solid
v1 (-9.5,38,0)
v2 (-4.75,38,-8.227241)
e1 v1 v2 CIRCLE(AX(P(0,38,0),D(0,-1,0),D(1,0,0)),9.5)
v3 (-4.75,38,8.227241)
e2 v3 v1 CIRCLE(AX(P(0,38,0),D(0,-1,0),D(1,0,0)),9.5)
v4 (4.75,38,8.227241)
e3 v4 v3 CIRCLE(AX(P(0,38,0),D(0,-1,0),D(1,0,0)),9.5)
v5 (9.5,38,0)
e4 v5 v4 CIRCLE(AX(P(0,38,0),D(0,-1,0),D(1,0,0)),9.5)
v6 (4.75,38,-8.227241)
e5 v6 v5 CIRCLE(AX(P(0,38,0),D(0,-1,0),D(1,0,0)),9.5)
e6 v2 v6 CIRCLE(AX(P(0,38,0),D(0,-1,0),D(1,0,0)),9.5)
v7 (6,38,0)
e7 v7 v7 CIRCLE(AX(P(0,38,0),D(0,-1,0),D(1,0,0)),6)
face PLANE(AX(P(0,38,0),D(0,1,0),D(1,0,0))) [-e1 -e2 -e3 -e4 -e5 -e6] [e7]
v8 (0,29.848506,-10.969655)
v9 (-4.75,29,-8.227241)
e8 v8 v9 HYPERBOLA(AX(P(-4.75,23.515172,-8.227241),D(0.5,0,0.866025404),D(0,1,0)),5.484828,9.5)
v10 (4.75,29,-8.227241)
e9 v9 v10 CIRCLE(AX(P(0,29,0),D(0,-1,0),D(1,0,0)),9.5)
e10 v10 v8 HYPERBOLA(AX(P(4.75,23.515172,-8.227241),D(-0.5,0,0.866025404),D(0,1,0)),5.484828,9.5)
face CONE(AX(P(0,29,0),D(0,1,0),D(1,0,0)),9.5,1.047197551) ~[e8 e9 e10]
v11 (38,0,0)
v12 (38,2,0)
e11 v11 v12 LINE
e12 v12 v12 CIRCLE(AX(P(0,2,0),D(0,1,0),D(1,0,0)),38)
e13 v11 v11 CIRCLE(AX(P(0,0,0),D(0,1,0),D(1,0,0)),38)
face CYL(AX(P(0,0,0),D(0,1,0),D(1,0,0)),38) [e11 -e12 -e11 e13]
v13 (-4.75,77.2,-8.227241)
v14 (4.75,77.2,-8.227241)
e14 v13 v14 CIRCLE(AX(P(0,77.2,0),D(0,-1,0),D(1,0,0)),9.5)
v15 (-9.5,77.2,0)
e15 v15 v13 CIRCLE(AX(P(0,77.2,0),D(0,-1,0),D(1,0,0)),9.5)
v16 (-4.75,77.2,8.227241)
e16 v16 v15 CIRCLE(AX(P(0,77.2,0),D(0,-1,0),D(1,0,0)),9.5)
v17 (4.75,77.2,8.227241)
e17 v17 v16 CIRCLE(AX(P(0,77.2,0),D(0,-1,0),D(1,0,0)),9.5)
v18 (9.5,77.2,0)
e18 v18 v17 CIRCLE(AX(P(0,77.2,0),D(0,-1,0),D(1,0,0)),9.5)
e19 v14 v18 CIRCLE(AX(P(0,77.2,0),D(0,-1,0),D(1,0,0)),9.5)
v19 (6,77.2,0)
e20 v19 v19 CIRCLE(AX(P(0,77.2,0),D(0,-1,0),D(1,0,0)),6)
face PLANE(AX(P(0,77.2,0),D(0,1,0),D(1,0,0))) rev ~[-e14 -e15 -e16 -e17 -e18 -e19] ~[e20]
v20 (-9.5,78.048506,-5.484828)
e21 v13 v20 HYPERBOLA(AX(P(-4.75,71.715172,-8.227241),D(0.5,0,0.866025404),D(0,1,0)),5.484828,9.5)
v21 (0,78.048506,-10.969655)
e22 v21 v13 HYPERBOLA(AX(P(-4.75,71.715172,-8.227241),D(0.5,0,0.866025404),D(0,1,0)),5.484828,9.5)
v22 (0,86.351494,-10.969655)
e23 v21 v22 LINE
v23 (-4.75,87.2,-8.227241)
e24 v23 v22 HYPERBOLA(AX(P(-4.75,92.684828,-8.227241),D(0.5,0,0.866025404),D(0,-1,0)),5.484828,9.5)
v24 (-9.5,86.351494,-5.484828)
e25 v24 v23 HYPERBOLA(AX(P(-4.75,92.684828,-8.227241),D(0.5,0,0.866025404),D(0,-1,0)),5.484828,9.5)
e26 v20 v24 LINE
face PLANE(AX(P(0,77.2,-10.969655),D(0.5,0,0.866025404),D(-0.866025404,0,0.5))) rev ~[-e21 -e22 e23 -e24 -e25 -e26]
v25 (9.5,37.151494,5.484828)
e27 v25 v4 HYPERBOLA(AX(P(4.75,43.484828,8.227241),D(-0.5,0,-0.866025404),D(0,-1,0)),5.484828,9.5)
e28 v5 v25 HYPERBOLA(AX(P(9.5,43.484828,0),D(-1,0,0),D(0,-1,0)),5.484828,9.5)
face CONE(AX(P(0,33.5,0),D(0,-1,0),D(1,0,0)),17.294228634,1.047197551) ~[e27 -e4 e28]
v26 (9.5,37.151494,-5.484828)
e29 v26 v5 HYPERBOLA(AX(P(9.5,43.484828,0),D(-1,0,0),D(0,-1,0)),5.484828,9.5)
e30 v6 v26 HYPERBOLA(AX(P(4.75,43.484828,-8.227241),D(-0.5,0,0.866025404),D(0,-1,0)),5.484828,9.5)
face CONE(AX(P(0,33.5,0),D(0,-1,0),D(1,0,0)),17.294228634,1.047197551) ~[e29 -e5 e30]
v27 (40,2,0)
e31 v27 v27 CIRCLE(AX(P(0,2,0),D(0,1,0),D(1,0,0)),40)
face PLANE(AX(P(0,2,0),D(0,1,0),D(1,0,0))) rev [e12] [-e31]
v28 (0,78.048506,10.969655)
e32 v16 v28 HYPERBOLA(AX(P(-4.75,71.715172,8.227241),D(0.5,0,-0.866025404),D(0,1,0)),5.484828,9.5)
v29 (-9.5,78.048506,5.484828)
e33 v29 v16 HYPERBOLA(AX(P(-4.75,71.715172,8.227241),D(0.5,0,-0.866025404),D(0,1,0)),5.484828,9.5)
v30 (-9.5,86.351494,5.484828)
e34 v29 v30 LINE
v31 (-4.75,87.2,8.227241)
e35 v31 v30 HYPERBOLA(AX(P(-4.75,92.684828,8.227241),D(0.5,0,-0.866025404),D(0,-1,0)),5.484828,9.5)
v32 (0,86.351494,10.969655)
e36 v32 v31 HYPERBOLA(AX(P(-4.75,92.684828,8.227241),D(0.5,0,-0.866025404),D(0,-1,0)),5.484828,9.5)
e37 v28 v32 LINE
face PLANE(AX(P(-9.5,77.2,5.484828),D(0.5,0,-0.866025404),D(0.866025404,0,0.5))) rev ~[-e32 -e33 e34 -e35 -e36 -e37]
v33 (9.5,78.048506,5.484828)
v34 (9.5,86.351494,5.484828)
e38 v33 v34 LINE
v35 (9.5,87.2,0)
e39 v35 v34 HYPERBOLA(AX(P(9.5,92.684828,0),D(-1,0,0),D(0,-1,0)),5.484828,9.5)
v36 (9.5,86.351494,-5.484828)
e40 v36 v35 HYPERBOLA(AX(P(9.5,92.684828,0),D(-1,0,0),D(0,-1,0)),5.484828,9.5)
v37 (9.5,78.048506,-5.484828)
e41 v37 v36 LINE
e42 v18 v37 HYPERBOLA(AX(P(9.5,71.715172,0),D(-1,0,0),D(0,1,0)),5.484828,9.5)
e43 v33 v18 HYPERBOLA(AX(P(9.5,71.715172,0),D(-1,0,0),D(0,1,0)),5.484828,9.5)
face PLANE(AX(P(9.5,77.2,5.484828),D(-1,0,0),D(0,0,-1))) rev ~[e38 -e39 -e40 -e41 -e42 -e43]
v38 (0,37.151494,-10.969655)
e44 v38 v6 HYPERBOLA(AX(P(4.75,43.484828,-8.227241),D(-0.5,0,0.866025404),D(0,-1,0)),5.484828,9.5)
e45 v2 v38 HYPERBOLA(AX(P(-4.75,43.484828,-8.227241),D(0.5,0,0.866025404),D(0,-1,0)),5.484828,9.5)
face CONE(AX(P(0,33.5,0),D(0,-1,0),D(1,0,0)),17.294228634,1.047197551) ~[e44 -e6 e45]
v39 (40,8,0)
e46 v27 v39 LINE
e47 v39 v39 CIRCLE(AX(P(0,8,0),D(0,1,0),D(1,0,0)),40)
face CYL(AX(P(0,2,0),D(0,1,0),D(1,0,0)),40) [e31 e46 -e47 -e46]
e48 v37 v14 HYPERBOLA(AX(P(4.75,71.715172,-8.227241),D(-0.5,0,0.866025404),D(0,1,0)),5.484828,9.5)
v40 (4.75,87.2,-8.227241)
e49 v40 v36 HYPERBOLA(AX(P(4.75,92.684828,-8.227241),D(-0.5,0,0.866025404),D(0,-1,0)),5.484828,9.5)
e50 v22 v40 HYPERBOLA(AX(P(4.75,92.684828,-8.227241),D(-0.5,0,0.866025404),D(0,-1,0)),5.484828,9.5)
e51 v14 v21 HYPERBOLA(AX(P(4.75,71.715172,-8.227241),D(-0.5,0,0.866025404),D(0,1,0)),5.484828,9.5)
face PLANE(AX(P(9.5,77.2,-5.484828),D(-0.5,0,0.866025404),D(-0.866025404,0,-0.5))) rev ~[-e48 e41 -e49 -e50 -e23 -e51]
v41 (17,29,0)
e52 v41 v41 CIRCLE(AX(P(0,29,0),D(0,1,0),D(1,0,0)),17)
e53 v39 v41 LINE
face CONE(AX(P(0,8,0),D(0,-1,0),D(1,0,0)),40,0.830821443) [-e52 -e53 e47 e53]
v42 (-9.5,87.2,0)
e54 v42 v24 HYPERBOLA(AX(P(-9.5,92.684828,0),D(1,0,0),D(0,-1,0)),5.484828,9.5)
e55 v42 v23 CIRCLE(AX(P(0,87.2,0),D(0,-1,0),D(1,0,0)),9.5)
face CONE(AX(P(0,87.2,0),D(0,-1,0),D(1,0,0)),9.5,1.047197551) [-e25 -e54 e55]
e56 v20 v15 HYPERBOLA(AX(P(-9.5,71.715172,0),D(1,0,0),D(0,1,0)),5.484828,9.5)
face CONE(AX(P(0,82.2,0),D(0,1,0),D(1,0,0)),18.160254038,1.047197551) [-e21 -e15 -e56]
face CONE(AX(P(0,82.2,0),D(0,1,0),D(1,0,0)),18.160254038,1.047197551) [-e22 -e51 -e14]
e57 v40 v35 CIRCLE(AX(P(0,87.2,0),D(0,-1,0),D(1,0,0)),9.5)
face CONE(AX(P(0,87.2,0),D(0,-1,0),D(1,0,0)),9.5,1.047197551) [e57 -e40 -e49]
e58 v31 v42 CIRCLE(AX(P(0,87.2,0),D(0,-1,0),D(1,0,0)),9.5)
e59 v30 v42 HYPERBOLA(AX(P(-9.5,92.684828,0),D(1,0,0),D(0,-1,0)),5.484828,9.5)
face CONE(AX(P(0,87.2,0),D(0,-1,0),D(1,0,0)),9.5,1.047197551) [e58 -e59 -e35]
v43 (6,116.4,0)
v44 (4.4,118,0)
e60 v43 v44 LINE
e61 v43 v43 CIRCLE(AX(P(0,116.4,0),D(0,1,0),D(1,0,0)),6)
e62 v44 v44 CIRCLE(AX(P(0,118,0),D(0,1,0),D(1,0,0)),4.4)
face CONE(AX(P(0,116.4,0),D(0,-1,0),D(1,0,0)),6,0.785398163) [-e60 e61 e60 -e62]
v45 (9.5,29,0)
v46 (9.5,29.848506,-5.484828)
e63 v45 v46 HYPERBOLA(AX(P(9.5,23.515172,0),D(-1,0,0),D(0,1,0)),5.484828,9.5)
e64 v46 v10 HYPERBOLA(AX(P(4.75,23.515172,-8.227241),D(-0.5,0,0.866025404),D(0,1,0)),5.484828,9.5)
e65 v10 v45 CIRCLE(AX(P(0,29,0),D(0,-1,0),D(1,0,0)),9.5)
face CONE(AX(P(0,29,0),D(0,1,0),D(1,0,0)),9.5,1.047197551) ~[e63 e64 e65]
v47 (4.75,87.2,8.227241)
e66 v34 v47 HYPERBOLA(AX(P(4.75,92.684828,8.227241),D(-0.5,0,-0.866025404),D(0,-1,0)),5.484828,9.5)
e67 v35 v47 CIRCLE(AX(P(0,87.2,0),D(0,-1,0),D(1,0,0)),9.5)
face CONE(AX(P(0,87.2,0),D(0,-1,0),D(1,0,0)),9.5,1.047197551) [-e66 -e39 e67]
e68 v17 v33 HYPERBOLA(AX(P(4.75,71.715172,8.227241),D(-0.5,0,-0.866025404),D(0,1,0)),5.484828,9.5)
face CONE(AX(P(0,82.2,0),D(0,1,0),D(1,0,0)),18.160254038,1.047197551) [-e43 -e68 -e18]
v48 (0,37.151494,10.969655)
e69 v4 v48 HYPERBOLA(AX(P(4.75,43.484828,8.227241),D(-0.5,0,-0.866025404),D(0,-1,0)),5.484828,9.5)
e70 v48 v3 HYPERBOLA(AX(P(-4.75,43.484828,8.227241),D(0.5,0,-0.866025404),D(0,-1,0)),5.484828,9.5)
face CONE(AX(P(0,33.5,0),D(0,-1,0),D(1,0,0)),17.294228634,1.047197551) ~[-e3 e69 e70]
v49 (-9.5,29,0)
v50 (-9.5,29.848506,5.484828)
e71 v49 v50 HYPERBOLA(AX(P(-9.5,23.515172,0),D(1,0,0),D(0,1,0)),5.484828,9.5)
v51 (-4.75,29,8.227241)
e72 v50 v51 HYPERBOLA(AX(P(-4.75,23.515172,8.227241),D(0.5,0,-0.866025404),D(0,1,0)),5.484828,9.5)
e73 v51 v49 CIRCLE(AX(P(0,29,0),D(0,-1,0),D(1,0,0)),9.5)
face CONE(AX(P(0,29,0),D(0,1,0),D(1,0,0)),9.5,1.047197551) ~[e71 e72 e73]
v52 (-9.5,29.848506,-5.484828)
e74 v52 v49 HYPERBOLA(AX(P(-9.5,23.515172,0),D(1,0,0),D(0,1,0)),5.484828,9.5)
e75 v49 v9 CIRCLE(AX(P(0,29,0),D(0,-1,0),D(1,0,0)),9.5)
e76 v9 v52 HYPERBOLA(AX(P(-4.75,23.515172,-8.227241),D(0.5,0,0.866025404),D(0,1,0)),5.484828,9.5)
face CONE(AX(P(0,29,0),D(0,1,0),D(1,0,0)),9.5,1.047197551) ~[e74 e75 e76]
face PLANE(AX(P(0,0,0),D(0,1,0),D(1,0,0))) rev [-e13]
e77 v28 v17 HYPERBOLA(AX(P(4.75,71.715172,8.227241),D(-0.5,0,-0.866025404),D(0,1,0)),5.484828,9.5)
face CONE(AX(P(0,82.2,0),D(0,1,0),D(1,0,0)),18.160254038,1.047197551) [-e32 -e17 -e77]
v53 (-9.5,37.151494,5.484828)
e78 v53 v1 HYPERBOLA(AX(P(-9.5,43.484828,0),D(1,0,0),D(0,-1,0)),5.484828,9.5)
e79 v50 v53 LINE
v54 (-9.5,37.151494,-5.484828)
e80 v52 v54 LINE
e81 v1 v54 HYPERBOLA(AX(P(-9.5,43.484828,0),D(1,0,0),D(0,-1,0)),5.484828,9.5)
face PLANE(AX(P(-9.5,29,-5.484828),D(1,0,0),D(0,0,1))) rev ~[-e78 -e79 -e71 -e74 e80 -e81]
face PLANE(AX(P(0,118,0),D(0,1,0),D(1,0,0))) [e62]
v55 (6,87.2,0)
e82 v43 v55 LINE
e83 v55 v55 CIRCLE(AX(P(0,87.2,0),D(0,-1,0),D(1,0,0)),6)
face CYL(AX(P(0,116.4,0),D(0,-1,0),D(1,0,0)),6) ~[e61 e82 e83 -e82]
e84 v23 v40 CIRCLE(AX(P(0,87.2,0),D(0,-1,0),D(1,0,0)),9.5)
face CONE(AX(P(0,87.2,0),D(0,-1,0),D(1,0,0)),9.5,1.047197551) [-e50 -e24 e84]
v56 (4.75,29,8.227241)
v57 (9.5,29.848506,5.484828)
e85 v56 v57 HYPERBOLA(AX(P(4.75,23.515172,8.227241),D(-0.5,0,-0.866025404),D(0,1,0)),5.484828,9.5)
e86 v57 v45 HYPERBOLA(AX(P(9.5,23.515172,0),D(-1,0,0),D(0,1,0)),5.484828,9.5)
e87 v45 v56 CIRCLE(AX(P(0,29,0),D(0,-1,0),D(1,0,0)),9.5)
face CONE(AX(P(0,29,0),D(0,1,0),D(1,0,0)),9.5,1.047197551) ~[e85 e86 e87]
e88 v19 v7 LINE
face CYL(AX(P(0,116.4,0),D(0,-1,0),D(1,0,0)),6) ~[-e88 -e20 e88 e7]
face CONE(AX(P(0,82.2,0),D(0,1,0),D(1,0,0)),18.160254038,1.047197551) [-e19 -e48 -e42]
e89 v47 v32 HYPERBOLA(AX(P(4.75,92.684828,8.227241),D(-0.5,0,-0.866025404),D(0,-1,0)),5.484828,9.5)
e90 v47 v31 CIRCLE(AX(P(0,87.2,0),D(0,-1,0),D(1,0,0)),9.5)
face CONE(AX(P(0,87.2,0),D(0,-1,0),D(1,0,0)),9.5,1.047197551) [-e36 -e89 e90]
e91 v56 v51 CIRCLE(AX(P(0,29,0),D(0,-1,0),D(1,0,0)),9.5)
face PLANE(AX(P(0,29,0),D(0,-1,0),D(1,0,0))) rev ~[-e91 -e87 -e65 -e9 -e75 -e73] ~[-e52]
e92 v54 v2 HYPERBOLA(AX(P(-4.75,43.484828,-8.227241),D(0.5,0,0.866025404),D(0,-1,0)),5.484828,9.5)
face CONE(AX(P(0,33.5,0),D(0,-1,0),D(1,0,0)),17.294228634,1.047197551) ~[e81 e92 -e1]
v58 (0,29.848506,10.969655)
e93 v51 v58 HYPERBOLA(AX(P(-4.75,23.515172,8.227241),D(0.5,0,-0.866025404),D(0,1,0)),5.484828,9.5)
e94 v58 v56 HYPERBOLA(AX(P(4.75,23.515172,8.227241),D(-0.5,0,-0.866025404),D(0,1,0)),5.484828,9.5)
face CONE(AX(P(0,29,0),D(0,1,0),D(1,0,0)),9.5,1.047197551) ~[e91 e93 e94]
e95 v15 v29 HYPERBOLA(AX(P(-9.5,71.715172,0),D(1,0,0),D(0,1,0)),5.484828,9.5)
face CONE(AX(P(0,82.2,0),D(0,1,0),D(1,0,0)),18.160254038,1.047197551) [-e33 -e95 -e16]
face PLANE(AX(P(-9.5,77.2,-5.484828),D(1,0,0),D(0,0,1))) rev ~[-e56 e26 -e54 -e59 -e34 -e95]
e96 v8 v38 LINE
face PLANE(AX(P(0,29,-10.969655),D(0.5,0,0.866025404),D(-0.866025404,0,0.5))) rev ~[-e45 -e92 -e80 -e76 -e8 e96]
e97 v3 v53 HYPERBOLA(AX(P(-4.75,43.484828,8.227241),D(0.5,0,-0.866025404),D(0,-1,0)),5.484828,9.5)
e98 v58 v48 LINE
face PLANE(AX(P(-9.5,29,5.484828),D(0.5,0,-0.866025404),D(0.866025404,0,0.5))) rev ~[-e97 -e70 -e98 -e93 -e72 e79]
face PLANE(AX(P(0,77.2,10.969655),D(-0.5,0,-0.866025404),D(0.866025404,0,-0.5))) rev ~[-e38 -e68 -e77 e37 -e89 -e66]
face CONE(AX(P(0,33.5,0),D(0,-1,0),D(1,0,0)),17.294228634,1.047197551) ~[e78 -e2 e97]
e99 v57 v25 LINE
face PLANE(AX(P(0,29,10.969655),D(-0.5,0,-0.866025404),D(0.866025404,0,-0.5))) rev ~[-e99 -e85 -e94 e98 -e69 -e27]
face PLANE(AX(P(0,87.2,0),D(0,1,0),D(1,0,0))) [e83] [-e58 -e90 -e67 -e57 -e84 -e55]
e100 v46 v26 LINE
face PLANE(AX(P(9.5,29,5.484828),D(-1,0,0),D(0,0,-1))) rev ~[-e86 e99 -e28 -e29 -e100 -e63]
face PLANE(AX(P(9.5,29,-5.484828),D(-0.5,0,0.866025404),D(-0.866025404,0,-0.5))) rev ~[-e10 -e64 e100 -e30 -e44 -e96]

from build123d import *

# Parameters (mm, degrees)
EXTRUDE_1_DEPTH = 9
EXTRUDE_2_DEPTH = 10


with BuildPart() as part:
    # Эскиз1 → Повернуть1 (revolve)
    with BuildSketch(Plane.XY, mode=Mode.PRIVATE) as revolve_1_sk:
        Polygon((0, 0), (-38, 0), (-38, 2), (-40, 2), (-40, 8), (-17, 29), (-6, 29), (-6, 38), (-6, 116.4), (-4.4, 118), (0, 118), align=None)
    revolve(revolve_1_sk.sketch.rotate(Axis((0, 0, 0), (0, 1, 0)), 180), axis=Axis((0, 0, 0), (0, 1, 0)))  # turned: the seam where the file's is

    # Эскиз2 → Бобышка-Вытянуть1 (add)
    with BuildSketch(Plane(origin=(0, 29, 0), x_dir=(1, 0, 0), z_dir=(0, 1, 0))):
        Polygon((0, 10.969655115), (-9.5, 5.484827557), (-9.5, -5.484827557), (0, -10.969655115), (9.5, -5.484827557), (9.5, 5.484827557), align=None)
    extrude(amount=EXTRUDE_1_DEPTH)

    # Эскиз3 → Бобышка-Вытянуть2 (add)
    with BuildSketch(Plane(origin=(0, 77.2, 0), x_dir=(1, 0, 0), z_dir=(0, 1, 0))):
        Polygon((9.5, 5.484827557), (0, 10.969655115), (-9.5, 5.484827557), (-9.5, -5.484827557), (0, -10.969655115), (9.5, -5.484827557), align=None)
    extrude(amount=EXTRUDE_2_DEPTH)

    # Эскиз4 → Вырез-Повернуть2 (revolve, cut)
    with BuildSketch(Plane.XY, mode=Mode.PRIVATE) as cut_revolve_2_sk:
        Polygon((-18.160254038, 87.2), (-9.5, 87.2), (-18.160254038, 82.2), align=None)
        Polygon((-18.160254038, 77.2), (-18.160254038, 82.2), (-9.5, 77.2), align=None)
        Polygon((-17.294228634, 38), (-17.294228634, 33.5), (-9.5, 38), align=None)
        Polygon((-17.294228634, 33.5), (-17.294228634, 29), (-9.5, 29), align=None)
    revolve(cut_revolve_2_sk.sketch.rotate(Axis((0, 118, 0), (0, -1, 0)), 180), axis=Axis((0, 118, 0), (0, -1, 0)), mode=Mode.SUBTRACT)  # turned: the seam where the file's is


solid = part.part
